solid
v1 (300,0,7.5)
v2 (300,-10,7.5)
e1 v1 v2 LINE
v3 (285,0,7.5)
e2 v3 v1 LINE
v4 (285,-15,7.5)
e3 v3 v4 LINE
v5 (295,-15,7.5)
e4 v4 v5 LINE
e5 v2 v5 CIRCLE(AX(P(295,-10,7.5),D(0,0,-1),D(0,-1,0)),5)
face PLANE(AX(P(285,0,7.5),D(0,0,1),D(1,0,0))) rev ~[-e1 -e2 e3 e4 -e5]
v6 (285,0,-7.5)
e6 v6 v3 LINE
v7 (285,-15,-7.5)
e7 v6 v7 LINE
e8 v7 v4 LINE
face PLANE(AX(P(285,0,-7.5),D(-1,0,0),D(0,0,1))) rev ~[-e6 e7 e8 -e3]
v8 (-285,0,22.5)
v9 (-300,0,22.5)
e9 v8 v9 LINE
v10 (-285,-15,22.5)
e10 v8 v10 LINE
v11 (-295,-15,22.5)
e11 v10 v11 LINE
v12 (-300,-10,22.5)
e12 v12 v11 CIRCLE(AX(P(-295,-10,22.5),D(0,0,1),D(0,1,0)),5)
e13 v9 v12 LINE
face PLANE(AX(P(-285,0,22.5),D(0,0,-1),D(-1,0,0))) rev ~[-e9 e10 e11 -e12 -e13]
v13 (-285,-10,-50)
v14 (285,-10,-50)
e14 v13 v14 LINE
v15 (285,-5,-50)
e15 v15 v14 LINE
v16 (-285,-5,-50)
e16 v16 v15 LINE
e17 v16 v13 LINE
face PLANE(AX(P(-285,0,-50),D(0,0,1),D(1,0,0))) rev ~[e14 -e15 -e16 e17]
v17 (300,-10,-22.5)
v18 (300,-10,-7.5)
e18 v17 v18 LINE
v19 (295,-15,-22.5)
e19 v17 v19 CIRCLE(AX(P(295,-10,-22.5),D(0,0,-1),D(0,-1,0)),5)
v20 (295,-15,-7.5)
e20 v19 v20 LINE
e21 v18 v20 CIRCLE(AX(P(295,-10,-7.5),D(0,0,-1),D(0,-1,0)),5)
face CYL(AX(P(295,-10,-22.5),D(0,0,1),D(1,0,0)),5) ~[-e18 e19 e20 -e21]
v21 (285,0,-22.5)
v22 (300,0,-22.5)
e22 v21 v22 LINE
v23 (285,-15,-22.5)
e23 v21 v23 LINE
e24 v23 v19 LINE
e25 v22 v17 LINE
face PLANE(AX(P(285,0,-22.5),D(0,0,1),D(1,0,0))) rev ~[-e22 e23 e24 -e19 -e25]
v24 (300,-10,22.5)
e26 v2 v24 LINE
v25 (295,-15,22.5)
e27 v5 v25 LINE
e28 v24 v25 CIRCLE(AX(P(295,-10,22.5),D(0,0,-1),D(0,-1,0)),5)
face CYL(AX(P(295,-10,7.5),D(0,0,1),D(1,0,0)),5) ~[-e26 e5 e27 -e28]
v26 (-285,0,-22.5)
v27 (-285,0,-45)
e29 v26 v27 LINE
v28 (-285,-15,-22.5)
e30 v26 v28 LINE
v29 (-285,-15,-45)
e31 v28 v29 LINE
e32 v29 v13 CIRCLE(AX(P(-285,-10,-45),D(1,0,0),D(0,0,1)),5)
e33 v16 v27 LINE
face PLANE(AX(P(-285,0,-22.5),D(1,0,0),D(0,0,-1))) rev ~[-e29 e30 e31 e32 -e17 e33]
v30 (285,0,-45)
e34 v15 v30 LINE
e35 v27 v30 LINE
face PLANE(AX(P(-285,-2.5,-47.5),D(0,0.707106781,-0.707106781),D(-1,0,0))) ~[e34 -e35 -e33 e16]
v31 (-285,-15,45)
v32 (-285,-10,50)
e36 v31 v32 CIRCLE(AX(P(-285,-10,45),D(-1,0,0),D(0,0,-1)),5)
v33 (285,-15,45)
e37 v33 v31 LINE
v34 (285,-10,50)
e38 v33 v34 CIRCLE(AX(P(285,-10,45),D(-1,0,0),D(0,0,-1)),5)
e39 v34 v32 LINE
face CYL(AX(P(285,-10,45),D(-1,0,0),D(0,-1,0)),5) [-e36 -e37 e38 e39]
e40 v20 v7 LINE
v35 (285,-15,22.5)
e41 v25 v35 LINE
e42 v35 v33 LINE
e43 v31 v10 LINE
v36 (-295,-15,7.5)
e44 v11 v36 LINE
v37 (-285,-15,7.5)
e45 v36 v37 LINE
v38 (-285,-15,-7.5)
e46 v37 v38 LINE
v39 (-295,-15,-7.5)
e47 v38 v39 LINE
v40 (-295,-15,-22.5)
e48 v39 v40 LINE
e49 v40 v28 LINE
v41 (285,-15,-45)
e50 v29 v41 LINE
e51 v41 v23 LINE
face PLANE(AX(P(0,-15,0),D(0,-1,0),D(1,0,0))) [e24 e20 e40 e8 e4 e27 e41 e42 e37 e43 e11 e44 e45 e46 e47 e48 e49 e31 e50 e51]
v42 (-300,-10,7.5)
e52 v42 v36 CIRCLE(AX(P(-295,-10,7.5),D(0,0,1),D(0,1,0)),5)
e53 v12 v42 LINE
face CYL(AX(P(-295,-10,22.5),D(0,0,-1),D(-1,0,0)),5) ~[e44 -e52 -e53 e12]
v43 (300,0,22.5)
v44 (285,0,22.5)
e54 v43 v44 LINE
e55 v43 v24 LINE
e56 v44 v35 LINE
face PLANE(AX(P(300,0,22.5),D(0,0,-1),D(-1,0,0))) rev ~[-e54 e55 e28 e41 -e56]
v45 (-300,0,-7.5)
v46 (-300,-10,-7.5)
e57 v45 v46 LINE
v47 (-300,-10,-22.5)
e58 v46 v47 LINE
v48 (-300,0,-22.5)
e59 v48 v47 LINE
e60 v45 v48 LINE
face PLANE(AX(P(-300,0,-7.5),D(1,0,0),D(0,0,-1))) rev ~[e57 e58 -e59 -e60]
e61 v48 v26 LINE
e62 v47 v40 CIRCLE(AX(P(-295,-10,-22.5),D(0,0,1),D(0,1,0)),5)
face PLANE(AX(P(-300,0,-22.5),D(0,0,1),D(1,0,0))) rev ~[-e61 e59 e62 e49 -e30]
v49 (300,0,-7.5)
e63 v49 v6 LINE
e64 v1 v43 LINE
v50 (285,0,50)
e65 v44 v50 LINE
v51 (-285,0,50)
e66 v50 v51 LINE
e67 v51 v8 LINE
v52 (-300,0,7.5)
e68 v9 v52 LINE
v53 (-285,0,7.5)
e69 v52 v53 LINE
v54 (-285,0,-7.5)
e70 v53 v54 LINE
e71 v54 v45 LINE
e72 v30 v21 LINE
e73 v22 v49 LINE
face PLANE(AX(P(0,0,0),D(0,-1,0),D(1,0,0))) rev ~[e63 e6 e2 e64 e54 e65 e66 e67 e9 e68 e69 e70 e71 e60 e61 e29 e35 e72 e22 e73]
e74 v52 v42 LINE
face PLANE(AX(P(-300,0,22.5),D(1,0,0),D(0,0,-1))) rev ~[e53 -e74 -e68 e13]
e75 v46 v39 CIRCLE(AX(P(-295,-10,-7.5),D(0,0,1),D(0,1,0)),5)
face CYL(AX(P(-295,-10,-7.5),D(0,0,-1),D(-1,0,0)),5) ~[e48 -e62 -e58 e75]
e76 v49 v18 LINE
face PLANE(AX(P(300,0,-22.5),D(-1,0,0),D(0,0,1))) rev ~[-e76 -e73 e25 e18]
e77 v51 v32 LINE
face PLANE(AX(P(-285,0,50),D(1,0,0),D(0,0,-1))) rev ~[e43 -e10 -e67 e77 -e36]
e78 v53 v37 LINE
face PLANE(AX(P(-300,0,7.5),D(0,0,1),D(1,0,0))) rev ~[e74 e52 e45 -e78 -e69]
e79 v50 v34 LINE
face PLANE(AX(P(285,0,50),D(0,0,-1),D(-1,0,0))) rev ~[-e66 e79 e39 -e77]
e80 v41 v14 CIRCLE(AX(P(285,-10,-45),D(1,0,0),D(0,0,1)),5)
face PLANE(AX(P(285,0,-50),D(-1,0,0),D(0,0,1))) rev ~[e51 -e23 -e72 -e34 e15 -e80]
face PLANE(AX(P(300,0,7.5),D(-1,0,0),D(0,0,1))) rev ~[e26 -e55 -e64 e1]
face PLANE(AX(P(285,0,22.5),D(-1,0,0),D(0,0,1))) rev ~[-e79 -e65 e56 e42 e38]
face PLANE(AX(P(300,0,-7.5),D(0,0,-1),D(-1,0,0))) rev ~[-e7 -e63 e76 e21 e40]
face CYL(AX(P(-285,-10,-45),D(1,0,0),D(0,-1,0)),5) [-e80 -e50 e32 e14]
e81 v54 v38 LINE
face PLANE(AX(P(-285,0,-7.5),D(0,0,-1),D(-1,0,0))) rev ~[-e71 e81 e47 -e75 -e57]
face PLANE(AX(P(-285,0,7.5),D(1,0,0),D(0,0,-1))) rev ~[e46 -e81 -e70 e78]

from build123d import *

# Parameters (mm, degrees)
F1_DEPTH = 15
F2_R     = 5
F3_R     = 5
F4_SIZE  = 5


with BuildPart() as f1:
    # F0 (on Front) → F1 (new body)
    with BuildSketch(Plane.XZ):
        Polygon((-300, -22.5), (-285, -22.5), (-285, -50), (0, -50), (285, -50), (285, -22.5), (300, -22.5), (300, -7.5), (285, -7.5), (285, 7.5), (300, 7.5), (300, 22.5), (285, 22.5), (285, 50), (0, 50), (-285, 50), (-285, 22.5), (-300, 22.5), (-300, 7.5), (-285, 7.5), (-285, -7.5), (-300, -7.5), align=None)
    extrude(amount=F1_DEPTH)

    # F2
    f2_edges = [f1.edges().sort_by_distance(p)[0] for p in [
        (300, -15, 15),
        (300, -15, -15),
        (-300, -15, -15),
        (-300, -15, 15),
    ]]
    fillet(f2_edges, radius=F2_R)

    # F3
    f3_edges = [f1.edges().sort_by_distance(p)[0] for p in [
        (0, -15, 50),
        (0, -15, -50),
    ]]
    fillet(f3_edges, radius=F3_R)

    # F4
    f4_edges = [f1.edges().sort_by_distance(p)[0] for p in [
        (0, 0, -50),
    ]]
    chamfer(f4_edges, length=F4_SIZE)


solid = f1.part
